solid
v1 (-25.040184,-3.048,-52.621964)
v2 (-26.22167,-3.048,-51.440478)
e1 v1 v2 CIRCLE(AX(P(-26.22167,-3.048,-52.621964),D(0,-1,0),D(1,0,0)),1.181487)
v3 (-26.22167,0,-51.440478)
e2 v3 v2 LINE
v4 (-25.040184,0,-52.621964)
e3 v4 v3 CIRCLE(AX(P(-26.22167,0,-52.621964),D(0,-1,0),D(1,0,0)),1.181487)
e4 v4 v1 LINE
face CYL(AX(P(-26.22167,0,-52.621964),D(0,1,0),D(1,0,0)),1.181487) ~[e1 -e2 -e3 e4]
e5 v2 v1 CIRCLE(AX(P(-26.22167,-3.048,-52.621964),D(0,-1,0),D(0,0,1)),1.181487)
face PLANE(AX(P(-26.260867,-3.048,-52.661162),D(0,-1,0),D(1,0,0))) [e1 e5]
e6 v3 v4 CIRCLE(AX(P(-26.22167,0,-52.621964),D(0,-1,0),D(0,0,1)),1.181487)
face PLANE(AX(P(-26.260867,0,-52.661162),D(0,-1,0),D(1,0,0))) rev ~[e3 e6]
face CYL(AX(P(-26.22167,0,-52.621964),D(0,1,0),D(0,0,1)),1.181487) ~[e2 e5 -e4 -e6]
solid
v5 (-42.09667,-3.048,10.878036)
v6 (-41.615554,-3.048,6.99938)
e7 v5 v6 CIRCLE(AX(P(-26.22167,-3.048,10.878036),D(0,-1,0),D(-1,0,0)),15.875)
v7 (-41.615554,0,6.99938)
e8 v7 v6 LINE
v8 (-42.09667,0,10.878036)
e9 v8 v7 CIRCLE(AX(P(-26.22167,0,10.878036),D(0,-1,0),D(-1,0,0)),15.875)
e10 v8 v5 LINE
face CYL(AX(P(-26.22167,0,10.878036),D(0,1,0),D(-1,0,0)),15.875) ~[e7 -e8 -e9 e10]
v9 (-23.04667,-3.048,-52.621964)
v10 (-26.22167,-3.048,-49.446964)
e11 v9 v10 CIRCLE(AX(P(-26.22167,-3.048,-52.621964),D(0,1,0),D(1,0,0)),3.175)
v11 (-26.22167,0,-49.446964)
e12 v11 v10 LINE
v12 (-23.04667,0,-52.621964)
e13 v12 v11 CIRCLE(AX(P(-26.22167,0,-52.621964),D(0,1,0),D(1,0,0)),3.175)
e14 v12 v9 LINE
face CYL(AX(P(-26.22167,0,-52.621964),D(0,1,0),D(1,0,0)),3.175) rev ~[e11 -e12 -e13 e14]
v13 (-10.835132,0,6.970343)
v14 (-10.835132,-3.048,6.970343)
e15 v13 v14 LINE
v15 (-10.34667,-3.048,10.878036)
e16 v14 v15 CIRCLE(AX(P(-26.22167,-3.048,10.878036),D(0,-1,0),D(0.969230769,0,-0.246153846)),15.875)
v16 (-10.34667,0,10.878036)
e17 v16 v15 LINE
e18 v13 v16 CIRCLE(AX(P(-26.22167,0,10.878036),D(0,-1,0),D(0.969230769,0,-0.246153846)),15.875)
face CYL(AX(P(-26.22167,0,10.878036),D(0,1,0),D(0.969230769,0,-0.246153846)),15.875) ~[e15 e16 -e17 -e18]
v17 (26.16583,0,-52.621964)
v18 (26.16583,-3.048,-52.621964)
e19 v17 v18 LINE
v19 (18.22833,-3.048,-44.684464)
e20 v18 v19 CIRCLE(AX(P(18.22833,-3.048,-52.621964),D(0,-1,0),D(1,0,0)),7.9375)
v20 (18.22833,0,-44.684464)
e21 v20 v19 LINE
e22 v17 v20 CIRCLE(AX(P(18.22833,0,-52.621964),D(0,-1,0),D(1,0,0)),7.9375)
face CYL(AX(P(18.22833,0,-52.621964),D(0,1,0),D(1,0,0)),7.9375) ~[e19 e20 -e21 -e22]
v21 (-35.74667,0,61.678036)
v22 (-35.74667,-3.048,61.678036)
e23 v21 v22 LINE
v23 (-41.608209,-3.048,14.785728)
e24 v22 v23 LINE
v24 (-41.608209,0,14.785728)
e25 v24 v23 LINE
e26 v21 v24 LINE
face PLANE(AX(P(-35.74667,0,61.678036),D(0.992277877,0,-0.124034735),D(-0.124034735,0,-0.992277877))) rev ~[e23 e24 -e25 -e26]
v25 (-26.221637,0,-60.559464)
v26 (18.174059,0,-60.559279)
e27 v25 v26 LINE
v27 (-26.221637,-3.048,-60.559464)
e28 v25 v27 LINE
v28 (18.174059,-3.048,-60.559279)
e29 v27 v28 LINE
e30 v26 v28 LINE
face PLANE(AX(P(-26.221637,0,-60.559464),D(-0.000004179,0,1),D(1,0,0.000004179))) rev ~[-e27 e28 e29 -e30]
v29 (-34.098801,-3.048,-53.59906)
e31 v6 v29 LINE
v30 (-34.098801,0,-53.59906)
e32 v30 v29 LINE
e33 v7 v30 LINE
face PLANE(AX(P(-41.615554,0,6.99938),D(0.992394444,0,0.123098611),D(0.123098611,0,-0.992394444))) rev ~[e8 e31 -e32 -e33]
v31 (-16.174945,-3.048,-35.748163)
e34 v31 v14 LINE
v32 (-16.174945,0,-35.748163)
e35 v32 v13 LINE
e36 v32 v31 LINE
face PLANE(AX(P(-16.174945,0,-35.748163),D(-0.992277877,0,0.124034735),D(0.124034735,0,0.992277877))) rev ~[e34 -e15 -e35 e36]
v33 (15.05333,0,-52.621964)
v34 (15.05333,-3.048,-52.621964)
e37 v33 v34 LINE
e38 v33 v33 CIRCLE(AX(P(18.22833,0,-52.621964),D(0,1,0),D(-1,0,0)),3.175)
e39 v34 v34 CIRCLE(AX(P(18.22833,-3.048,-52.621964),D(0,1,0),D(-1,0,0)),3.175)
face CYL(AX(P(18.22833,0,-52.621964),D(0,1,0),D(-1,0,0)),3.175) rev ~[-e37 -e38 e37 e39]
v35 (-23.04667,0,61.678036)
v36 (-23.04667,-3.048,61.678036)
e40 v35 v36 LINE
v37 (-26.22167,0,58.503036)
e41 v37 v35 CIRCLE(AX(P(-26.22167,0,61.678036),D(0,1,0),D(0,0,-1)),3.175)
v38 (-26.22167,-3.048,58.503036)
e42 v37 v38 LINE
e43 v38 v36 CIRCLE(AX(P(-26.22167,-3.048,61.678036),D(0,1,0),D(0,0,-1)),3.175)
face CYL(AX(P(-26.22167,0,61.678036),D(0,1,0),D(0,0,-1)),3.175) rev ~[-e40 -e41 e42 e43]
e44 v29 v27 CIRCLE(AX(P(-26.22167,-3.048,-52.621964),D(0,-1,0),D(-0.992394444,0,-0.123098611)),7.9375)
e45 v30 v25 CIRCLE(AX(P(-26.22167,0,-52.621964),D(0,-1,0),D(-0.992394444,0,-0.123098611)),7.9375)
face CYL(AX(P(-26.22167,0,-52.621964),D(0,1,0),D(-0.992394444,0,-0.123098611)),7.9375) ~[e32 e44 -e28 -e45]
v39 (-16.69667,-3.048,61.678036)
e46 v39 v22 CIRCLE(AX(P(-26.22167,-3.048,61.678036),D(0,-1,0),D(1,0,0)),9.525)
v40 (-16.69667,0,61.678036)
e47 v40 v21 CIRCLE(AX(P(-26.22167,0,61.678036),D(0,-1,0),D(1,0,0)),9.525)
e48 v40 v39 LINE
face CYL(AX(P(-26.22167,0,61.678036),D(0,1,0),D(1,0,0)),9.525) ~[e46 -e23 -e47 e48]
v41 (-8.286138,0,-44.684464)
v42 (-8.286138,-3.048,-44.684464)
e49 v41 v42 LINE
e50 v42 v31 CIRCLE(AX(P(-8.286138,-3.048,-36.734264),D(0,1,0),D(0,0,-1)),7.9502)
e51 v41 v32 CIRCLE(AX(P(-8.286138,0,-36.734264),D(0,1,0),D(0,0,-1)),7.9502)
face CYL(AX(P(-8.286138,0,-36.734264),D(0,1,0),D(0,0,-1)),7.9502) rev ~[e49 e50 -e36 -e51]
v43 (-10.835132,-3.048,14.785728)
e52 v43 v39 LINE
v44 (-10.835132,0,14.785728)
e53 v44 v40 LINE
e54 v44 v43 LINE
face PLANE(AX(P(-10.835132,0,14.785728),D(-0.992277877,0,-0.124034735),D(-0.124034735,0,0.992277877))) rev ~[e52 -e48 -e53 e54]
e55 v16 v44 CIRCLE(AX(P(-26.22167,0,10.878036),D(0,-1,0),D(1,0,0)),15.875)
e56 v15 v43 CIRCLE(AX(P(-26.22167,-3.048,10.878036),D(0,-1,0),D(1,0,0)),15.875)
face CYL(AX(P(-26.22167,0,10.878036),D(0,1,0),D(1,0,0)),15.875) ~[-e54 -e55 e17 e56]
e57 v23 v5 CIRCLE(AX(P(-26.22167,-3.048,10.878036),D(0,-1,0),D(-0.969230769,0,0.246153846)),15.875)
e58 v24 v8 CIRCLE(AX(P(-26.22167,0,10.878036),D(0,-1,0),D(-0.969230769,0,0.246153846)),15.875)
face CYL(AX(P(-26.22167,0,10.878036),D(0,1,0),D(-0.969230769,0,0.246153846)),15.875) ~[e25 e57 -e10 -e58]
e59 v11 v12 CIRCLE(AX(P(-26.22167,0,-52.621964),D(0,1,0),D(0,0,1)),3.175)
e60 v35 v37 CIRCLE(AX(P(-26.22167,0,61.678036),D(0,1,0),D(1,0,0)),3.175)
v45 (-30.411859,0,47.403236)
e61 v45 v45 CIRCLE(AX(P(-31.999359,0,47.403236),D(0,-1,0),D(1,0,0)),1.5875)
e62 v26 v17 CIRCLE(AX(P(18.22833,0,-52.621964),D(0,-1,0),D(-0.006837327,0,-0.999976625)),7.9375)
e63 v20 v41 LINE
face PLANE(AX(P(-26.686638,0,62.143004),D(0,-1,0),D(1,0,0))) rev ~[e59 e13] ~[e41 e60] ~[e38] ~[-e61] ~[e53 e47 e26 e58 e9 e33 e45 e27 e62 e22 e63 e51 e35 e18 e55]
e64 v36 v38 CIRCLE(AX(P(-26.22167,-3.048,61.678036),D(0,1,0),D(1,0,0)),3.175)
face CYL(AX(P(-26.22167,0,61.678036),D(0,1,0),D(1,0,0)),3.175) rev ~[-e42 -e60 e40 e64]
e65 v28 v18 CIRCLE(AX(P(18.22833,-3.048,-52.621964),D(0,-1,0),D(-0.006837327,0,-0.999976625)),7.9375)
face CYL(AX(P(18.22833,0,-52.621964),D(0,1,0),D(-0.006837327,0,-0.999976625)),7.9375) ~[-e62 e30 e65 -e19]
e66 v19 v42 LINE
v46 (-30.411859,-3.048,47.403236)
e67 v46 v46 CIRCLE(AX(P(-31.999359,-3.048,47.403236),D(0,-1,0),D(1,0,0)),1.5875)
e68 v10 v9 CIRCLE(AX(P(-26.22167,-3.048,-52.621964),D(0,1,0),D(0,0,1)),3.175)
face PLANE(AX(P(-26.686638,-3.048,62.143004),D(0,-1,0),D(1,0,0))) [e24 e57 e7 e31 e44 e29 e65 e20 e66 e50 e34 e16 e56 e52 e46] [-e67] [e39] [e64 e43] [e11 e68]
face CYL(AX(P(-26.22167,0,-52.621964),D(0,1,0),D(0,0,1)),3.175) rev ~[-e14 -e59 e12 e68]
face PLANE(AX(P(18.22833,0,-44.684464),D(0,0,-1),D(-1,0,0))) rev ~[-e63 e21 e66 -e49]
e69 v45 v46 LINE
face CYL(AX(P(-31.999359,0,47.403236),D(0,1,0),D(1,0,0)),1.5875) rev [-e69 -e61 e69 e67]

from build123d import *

# Parameters (mm, degrees)
F0_R     = 1.5875
F1_DEPTH = 3.048


with BuildPart() as f1:
    # F0 (on Front) → F1 (new body)
    with BuildSketch(Plane.XZ):
        with BuildLine():
            Line((-23.0466702104, 61.6780356348), (-16.6966702104, 61.6780356348))
            ThreePointArc((-16.6966702104, 61.6780356348), (-26.2216702104, 71.2030356348), (-35.7466702104, 61.6780356348))
            ThreePointArc((-35.7466702104, 61.6780356348), (-32.9568623012, 54.942843544), (-26.2216702104, 52.1530356348))
            Line((-26.2216702104, 52.1530356348), (-26.2216702104, 58.5030356348))
            ThreePointArc((-26.2216702104, 58.5030356348), (-28.4667342406, 63.923099665), (-23.0466702104, 61.6780356348))
        make_face()
        with BuildLine():
            Line((-10.8351317488, 14.7857279424), (-16.6966702104, 61.6780356348))
            ThreePointArc((-16.6966702104, 61.6780356348), (-19.4864781196, 54.942843544), (-26.2216702104, 52.1530356348))
            Line((-26.2216702104, 52.1530356348), (-26.2216702104, 26.7530356348))
            ThreePointArc((-26.2216702104, 26.7530356348), (-16.4753629708, 23.4090020856), (-10.8351317488, 14.7857279424))
        make_face()
        with BuildLine():
            ThreePointArc((-26.2216702104, 52.1530356348), (-19.4864781196, 54.942843544), (-16.6966702104, 61.6780356348))
            Line((-16.6966702104, 61.6780356348), (-23.0466702104, 61.6780356348))
            ThreePointArc((-23.0466702104, 61.6780356348), (-23.9766061801, 59.4329716045), (-26.2216702104, 58.5030356348))
            Line((-26.2216702104, 58.5030356348), (-26.2216702104, 52.1530356348))
        make_face()
        with BuildLine():
            ThreePointArc((-26.2216702104, 52.1530356348), (-32.9568623012, 54.942843544), (-35.7466702104, 61.6780356348))
            Line((-35.7466702104, 61.6780356348), (-41.6082086719, 14.7857279424))
            ThreePointArc((-41.6082086719, 14.7857279424), (-35.9679774499, 23.4090020856), (-26.2216702104, 26.7530356348))
            Line((-26.2216702104, 26.7530356348), (-26.2216702104, 52.1530356348))
        make_face()
        with Locations((-31.9993589073, 47.4032356348)):
            Circle(F0_R, mode=Mode.SUBTRACT)
        with BuildLine():
            Line((-10.3466702104, 10.8780356348), (-10.8351317488, 14.7857279424))
            ThreePointArc((-10.8351317488, 14.7857279424), (-16.4753629708, 23.4090020856), (-26.2216702104, 26.7530356348))
            Line((-26.2216702104, 26.7530356348), (-26.2216702104, 10.8780356348))
            Line((-26.2216702104, 10.8780356348), (-26.2216702104, -4.9969643652))
            ThreePointArc((-26.2216702104, -4.9969643652), (-16.4753629708, -1.6529308161), (-10.8351317488, 6.9703433271))
            Line((-10.8351317488, 6.9703433271), (-10.3466702104, 10.8780356348))
        make_face()
        with BuildLine():
            ThreePointArc((-10.3466702104, 10.8780356348), (-10.4692589175, 12.8470870464), (-10.8351317488, 14.7857279424))
            Line((-10.8351317488, 14.7857279424), (-10.3466702104, 10.8780356348))
        make_face()
        with BuildLine():
            Line((-42.0966702104, 10.8780356348), (-41.6082086719, 14.7857279424))
            ThreePointArc((-41.6082086719, 14.7857279424), (-41.9740815032, 12.8470870464), (-42.0966702104, 10.8780356348))
        make_face()
        with BuildLine():
            ThreePointArc((-26.2216702104, 26.7530356348), (-35.9679774499, 23.4090020856), (-41.6082086719, 14.7857279424))
            Line((-41.6082086719, 14.7857279424), (-42.0966702104, 10.8780356348))
            Line((-42.0966702104, 10.8780356348), (-41.6155539509, 6.9993801483))
            ThreePointArc((-41.6155539509, 6.9993801483), (-35.9797942399, -1.6437310307), (-26.2216702104, -4.9969643652))
            Line((-26.2216702104, -4.9969643652), (-26.2216702104, 10.8780356348))
            Line((-26.2216702104, 10.8780356348), (-26.2216702104, 26.7530356348))
        make_face()
        with BuildLine():
            ThreePointArc((-10.8351317488, 6.9703433271), (-10.4692589175, 8.9089842232), (-10.3466702104, 10.8780356348))
            Line((-10.3466702104, 10.8780356348), (-10.8351317488, 6.9703433271))
        make_face()
        with BuildLine():
            Line((-41.6155539509, 6.9993801483), (-42.0966702104, 10.8780356348))
            ThreePointArc((-42.0966702104, 10.8780356348), (-41.9759320049, 8.9238451861), (-41.6155539509, 6.9993801483))
        make_face()
        with BuildLine():
            Line((-16.174945092, -35.7481634183), (-10.8351317488, 6.9703433271))
            ThreePointArc((-10.8351317488, 6.9703433271), (-16.4753629708, -1.6529308161), (-26.2216702104, -4.9969643652))
            Line((-26.2216702104, -4.9969643652), (-26.2216702104, -44.6844643652))
            ThreePointArc((-26.2216702104, -44.6844643652), (-20.6090101347, -47.0093042896), (-18.2841702104, -52.6219643652))
            Line((-18.2841702104, -52.6219643652), (10.2908297896, -52.6219643652))
            ThreePointArc((10.2908297896, -52.6219643652), (12.615669714, -47.0093042896), (18.2283297896, -44.6844643652))
            Line((18.2283297896, -44.6844643652), (-8.2861375165, -44.6844643652))
            ThreePointArc((-8.2861375165, -44.6844643652), (-14.2462289499, -41.9957271035), (-16.174945092, -35.7481634183))
        make_face()
        with BuildLine():
            ThreePointArc((-26.2216702104, -4.9969643652), (-35.9797942399, -1.6437310307), (-41.6155539509, 6.9993801483))
            Line((-41.6155539509, 6.9993801483), (-34.0988011076, -53.5990595896))
            ThreePointArc((-34.0988011076, -53.5990595896), (-32.1697623244, -47.3661003589), (-26.2216702104, -44.6844643652))
            Line((-26.2216702104, -44.6844643652), (-26.2216702104, -4.9969643652))
        make_face()
        with BuildLine():
            ThreePointArc((-26.2216702104, -44.6844643652), (-32.1697623244, -47.3661003589), (-34.0988011076, -53.5990595896))
            ThreePointArc((-34.0988011076, -53.5990595896), (-31.4775217877, -58.5700674618), (-26.2216370382, -60.5594643652))
            ThreePointArc((-26.2216370382, -60.5594643652), (-20.6089984066, -58.2346127128), (-18.2841702104, -52.6219643652))
            Line((-18.2841702104, -52.6219643652), (-23.0466702104, -52.6219643652))
            ThreePointArc((-23.0466702104, -52.6219643652), (-28.4667342406, -54.8670283955), (-26.2216702104, -49.4469643652))
            Line((-26.2216702104, -49.4469643652), (-26.2216702104, -44.6844643652))
        make_face()
        with BuildLine():
            ThreePointArc((-18.2841702104, -52.6219643652), (-20.6089984066, -58.2346127128), (-26.2216370382, -60.5594643652))
            Line((-26.2216370382, -60.5594643652), (18.1740585064, -60.5592788278))
            ThreePointArc((18.1740585064, -60.5592788278), (12.5965146044, -58.2154037338), (10.2908297896, -52.6219643652))
            Line((10.2908297896, -52.6219643652), (-18.2841702104, -52.6219643652))
        make_face()
        with BuildLine():
            ThreePointArc((26.1658297896, -52.6219643652), (23.8409898653, -47.0093042896), (18.2283297896, -44.6844643652))
            ThreePointArc((18.2283297896, -44.6844643652), (12.615669714, -47.0093042896), (10.2908297896, -52.6219643652))
            ThreePointArc((10.2908297896, -52.6219643652), (12.5965146044, -58.2154037338), (18.1740585064, -60.5592788278))
            ThreePointArc((18.1740585064, -60.5592788278), (23.8217691582, -58.2537795504), (26.1658297896, -52.6219643652))
        make_face()
        with BuildLine():
            ThreePointArc((21.4033297896, -52.6219643652), (18.2283297896, -55.7969643652), (15.0533297896, -52.6219643652))
            ThreePointArc((15.0533297896, -52.6219643652), (18.2283297896, -49.4469643652), (21.4033297896, -52.6219643652))
        make_face(mode=Mode.SUBTRACT)
        with BuildLine():
            ThreePointArc((-18.2841702104, -52.6219643652), (-20.6090101347, -47.0093042896), (-26.2216702104, -44.6844643652))
            Line((-26.2216702104, -44.6844643652), (-26.2216702104, -49.4469643652))
            ThreePointArc((-26.2216702104, -49.4469643652), (-23.9766061801, -50.376900335), (-23.0466702104, -52.6219643652))
            Line((-23.0466702104, -52.6219643652), (-18.2841702104, -52.6219643652))
        make_face()
    extrude(amount=F1_DEPTH)


with BuildPart() as f1b:
    # F0 (on Front) → F1, piece 2 (new body)
    with BuildSketch(Plane.XZ):
        with BuildLine():
            Line((-26.2216702104, -52.6219643652), (-26.2216702104, -51.440477794))
            ThreePointArc((-26.2216702104, -51.440477794), (-27.0571073767, -53.4574015316), (-25.0401836391, -52.6219643652))
            Line((-25.0401836391, -52.6219643652), (-26.2216702104, -52.6219643652))
        make_face()
        with BuildLine():
            ThreePointArc((-25.0401836391, -52.6219643652), (-25.386233044, -51.7865271989), (-26.2216702104, -51.440477794))
            Line((-26.2216702104, -51.440477794), (-26.2216702104, -52.6219643652))
            Line((-26.2216702104, -52.6219643652), (-25.0401836391, -52.6219643652))
        make_face()
    extrude(amount=F1_DEPTH)


solid = Compound([f1.part, f1b.part])
